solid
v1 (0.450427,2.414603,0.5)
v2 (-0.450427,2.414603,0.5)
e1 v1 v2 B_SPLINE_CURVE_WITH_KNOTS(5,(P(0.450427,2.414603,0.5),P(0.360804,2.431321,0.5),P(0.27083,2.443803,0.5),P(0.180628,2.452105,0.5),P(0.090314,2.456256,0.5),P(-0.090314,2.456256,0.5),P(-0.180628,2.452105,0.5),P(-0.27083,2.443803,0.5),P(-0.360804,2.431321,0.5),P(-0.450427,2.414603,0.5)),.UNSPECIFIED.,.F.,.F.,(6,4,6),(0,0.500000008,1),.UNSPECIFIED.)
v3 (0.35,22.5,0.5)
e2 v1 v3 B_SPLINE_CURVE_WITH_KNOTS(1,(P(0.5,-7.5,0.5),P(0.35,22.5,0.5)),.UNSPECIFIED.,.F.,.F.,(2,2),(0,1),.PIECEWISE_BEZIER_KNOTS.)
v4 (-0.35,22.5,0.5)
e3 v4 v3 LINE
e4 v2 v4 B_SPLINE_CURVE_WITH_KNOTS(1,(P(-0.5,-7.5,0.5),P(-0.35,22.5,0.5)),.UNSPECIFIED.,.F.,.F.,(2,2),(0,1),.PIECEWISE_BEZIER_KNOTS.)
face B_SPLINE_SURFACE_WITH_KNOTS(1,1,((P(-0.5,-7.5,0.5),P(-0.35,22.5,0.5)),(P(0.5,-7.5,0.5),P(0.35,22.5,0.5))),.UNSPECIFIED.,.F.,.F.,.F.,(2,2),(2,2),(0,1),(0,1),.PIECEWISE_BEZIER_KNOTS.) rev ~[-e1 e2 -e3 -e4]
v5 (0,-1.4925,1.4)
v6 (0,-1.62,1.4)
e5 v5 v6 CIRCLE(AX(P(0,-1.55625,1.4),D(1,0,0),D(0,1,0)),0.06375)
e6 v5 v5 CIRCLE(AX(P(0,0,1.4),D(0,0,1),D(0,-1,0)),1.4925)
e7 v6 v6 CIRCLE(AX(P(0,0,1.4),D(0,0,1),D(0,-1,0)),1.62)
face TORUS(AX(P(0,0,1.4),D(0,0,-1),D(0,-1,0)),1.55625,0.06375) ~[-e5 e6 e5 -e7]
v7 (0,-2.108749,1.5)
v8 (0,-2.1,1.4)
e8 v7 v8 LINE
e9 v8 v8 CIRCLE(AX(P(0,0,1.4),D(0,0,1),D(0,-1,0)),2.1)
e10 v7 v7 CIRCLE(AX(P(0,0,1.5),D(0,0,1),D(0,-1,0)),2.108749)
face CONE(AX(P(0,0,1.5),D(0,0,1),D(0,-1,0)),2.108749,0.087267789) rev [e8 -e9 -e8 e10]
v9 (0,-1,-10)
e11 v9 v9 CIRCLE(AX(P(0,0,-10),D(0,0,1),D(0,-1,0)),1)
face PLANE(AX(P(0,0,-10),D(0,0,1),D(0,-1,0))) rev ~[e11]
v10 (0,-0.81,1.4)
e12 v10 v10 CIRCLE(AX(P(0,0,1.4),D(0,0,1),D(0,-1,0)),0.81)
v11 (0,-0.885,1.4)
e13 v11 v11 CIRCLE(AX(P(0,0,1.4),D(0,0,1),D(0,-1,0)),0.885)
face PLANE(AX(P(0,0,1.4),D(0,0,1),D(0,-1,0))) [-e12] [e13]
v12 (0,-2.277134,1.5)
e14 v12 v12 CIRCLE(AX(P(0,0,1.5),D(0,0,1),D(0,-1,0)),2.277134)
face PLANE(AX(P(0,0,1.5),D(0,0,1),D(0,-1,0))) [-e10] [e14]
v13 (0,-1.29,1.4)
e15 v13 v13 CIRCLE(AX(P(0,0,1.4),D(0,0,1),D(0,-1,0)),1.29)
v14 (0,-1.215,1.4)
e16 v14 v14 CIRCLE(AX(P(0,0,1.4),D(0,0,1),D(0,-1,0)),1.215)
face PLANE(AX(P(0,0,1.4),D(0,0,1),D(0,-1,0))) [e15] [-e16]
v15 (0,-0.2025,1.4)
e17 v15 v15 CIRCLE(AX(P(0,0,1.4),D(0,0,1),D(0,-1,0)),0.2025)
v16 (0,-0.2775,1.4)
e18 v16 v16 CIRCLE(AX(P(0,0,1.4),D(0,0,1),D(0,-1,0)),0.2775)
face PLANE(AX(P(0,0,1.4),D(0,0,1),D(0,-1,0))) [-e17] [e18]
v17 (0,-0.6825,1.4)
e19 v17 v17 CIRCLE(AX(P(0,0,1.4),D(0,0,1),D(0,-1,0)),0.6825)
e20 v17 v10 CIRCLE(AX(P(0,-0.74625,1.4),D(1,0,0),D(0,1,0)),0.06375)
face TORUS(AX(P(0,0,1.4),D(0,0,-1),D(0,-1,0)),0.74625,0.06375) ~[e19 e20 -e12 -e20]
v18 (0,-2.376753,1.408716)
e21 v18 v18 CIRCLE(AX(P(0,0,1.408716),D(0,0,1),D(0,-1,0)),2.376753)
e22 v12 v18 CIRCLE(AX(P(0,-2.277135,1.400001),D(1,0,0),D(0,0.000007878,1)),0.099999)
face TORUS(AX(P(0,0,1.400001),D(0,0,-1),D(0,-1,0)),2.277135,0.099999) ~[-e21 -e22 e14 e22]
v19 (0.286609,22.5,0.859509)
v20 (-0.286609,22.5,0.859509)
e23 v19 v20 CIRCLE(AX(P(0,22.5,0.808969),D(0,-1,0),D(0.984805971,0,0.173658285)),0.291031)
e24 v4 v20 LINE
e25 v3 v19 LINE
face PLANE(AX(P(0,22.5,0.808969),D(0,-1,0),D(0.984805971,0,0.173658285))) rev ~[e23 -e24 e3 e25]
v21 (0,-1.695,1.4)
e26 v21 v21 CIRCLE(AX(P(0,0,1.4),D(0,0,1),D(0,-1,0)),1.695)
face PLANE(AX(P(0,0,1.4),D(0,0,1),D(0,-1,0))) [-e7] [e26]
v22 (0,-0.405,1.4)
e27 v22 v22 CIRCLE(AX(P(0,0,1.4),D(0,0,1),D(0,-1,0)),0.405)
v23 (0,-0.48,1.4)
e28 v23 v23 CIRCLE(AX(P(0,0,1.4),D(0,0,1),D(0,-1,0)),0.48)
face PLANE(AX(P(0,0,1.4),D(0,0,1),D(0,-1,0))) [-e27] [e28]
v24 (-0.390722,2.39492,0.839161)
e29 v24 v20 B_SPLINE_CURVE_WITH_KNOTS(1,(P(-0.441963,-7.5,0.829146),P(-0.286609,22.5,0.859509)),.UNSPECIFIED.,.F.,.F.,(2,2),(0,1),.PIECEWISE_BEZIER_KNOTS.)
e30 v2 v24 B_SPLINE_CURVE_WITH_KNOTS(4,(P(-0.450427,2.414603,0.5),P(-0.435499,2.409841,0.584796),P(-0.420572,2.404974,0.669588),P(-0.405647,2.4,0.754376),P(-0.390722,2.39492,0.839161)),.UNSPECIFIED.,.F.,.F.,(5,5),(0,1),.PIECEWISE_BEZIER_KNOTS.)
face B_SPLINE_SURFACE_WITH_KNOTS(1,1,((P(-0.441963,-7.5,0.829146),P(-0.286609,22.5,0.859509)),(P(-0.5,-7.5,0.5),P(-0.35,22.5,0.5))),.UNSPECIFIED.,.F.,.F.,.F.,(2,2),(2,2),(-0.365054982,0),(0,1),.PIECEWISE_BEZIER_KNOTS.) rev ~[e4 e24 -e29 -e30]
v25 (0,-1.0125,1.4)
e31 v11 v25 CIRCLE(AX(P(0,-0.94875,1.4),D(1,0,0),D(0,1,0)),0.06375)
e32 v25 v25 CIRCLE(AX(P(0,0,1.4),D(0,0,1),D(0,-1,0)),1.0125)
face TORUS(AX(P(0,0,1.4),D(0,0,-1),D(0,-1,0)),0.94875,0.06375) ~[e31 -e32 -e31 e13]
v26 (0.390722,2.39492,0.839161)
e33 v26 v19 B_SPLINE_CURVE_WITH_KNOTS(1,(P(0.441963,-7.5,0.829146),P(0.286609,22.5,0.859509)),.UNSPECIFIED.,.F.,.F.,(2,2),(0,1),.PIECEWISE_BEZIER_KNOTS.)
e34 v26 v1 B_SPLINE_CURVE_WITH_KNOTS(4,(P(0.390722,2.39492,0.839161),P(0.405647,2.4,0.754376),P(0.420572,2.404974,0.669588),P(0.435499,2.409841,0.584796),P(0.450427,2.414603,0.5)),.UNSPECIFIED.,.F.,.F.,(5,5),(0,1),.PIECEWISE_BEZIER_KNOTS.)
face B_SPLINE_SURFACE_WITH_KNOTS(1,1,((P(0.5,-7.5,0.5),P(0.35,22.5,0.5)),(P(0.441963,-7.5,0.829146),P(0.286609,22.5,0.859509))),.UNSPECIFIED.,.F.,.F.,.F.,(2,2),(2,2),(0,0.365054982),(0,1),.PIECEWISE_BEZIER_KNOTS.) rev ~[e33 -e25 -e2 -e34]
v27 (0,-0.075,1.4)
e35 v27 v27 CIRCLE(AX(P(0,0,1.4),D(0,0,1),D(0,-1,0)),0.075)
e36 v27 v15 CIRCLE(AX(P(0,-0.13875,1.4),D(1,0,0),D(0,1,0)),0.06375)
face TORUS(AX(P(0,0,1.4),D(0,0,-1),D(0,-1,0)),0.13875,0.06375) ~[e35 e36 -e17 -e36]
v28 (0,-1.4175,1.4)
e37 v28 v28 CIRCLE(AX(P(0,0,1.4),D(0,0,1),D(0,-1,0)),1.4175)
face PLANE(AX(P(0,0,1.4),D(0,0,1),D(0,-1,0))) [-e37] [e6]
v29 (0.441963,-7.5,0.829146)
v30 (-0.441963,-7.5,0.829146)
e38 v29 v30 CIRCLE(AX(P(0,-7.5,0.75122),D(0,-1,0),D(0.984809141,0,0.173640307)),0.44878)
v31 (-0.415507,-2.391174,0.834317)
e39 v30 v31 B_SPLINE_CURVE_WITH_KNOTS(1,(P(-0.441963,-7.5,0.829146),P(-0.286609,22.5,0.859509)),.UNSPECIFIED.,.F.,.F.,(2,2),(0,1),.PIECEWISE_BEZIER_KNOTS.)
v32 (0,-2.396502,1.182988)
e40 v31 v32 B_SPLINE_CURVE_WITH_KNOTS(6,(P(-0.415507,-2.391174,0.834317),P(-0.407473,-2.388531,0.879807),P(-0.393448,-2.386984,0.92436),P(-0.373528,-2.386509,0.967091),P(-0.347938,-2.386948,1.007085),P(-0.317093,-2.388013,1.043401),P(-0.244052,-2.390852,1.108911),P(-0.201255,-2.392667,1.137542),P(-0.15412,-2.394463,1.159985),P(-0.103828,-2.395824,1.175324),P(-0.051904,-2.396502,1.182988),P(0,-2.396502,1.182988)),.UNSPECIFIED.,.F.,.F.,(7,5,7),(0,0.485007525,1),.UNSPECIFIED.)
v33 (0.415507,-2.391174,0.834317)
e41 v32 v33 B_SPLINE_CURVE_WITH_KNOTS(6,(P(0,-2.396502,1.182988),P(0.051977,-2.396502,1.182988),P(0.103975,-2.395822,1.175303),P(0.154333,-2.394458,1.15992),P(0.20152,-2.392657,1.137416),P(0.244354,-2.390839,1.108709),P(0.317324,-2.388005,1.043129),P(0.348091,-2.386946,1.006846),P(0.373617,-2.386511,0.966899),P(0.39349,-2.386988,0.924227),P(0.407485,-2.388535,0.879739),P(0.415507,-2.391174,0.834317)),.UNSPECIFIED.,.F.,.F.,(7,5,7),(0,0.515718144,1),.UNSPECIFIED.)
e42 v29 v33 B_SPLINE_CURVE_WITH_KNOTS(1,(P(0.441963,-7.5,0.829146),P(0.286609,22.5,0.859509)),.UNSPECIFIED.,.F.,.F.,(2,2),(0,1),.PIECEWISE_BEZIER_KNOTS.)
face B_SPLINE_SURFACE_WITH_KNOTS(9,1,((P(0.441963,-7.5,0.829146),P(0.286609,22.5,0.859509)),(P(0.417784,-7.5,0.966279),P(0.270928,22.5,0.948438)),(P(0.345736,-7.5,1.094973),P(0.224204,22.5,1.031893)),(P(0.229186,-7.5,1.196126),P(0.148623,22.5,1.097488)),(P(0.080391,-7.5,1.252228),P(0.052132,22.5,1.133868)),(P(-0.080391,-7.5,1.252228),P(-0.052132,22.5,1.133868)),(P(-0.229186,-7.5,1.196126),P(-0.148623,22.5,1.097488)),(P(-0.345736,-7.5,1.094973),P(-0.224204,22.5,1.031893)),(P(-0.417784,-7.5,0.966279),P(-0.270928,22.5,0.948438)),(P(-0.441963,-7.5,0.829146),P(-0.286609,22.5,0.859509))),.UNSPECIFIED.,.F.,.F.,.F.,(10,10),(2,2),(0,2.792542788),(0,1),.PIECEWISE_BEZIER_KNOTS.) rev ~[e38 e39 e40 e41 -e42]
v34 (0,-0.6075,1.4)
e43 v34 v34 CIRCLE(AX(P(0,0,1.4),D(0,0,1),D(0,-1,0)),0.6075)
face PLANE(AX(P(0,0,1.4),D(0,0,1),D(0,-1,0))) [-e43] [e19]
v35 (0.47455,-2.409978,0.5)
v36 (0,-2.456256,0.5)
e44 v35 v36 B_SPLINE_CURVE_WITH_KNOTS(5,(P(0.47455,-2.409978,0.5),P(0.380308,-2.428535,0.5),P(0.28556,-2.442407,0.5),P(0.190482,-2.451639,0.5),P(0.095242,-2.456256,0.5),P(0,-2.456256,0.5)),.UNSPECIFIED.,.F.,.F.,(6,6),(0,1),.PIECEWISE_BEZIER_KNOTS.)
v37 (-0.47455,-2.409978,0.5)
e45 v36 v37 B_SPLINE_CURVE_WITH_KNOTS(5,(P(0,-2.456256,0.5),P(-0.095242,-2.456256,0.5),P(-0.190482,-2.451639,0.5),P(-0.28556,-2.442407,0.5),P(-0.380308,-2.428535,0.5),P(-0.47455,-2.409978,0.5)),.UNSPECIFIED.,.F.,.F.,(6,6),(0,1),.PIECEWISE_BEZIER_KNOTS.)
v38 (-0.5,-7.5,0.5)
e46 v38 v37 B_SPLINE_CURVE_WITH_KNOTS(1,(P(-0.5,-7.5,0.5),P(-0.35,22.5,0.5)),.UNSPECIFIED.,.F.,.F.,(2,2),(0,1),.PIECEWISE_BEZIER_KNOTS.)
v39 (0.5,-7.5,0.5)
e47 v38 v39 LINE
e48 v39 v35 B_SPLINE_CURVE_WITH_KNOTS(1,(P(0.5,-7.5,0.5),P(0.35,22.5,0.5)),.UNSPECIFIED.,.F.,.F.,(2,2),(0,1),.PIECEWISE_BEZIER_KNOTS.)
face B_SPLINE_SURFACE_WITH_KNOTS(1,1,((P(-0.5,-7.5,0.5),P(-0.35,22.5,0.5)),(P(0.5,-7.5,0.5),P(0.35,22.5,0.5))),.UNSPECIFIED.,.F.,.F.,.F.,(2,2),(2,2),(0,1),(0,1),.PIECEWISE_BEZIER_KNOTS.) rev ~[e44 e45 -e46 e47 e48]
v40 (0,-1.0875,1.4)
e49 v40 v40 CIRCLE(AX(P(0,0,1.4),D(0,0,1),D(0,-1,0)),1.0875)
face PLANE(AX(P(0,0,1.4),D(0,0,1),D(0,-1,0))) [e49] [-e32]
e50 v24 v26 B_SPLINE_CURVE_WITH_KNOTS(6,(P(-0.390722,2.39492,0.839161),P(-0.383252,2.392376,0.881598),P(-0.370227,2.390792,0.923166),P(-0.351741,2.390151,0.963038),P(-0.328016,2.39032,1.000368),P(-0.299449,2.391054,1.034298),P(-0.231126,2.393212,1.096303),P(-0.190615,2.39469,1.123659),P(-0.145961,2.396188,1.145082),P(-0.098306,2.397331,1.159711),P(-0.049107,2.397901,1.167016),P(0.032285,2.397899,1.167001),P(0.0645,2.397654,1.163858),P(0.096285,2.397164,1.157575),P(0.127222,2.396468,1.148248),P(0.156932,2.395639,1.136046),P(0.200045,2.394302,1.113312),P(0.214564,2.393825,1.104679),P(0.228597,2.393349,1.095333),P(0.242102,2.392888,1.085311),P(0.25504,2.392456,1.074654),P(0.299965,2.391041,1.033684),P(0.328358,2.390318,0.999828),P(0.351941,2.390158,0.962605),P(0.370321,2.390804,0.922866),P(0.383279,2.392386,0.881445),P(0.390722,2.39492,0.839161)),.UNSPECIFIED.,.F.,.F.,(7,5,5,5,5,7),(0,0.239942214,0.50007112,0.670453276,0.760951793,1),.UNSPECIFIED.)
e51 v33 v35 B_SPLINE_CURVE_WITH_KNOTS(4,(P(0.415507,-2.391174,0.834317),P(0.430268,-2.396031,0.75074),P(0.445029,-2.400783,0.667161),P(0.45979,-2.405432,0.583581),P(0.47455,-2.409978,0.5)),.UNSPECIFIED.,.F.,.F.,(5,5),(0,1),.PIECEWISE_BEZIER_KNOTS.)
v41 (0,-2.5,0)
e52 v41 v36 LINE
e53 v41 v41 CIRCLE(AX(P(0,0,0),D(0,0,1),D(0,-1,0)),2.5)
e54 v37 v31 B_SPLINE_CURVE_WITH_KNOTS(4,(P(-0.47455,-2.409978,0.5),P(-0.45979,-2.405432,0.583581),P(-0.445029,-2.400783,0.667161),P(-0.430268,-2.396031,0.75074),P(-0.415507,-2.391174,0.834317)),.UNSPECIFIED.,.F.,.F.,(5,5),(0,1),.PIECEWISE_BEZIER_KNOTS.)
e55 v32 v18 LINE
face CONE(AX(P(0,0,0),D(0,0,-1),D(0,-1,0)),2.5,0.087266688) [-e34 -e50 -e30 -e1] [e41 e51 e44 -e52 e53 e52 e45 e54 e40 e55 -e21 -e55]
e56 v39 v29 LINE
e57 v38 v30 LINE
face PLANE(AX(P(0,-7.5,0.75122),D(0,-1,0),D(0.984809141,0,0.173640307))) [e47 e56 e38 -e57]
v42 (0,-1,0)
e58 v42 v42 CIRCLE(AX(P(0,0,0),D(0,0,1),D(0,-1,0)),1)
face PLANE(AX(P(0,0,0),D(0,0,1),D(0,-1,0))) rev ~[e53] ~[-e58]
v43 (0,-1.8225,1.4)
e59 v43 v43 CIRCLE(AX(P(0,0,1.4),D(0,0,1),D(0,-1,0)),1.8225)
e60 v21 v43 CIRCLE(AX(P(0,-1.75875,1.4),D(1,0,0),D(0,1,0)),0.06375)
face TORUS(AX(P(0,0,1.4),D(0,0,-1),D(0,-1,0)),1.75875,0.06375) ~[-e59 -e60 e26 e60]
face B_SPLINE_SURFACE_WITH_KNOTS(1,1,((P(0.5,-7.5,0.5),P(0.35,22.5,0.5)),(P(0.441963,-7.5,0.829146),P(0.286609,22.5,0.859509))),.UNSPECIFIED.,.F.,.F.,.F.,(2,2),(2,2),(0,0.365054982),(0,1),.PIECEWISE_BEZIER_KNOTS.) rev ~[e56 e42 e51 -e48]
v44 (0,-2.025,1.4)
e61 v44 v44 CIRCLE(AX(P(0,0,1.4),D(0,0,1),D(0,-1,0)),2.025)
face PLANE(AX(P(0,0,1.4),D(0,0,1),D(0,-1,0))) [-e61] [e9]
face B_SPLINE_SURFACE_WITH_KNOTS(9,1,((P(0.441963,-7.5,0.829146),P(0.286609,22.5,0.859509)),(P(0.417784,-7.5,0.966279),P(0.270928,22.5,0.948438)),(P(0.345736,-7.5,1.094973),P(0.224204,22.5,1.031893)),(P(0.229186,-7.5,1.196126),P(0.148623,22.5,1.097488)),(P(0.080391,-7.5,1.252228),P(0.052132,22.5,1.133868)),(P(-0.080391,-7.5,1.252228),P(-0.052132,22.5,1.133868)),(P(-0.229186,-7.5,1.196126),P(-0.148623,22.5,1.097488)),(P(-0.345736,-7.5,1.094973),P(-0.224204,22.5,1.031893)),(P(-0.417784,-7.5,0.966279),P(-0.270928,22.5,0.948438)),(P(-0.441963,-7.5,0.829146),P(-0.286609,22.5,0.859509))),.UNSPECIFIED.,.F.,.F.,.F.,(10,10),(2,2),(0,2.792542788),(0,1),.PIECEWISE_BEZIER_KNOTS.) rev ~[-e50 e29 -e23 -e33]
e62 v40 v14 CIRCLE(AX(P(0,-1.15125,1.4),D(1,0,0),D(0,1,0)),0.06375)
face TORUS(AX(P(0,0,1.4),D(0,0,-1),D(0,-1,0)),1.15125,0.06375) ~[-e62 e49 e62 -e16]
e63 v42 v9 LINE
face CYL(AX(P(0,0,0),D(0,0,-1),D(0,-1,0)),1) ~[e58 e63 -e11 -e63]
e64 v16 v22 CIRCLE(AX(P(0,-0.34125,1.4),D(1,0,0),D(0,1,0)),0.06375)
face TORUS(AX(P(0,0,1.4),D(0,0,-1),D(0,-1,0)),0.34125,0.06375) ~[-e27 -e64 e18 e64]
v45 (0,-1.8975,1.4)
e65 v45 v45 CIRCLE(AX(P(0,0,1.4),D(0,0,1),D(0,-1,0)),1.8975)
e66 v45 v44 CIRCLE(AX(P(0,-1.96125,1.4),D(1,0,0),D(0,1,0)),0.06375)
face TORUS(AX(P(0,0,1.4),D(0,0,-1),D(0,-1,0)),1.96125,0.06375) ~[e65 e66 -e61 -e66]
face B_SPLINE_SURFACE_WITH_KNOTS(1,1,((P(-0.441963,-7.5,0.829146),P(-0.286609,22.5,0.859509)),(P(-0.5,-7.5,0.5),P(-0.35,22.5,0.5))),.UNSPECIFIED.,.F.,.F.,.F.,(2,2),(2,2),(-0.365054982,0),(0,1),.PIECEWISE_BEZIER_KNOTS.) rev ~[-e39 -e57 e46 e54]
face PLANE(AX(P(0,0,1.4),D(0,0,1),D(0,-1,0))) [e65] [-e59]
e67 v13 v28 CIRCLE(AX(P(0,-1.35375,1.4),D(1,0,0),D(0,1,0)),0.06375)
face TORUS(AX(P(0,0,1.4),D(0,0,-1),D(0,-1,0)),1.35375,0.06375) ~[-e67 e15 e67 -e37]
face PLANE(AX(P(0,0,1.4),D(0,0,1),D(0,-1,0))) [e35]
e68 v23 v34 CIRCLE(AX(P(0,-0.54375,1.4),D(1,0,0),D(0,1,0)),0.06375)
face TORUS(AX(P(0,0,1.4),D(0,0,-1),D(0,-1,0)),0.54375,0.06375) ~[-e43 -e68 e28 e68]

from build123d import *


with BuildPart() as hand:
    # Sketch → AdditiveLoft section 0
    with BuildSketch(Plane.XZ):
        with BuildLine():
            Line((-0.5, 0), (0.5, 0))
            Line((0.5, 0), (0.441963, 0.329146))
            ThreePointArc((0.441963, 0.329146), (0, 0.7), (-0.441963, 0.329146))
            Line((-0.5, 0), (-0.441963, 0.329146))
        make_face()
    # Sketch001 → AdditiveLoft section 1
    with BuildSketch(Plane.XZ.offset(-30)):
        with BuildLine():
            Line((-0.35, 0), (0.35, 0))
            Line((0.35, 0), (0.286609, 0.359509))
            ThreePointArc((0.286609, 0.359509), (0, 0.6), (-0.286609, 0.359509))
            Line((-0.35, 0), (-0.286609, 0.359509))
        make_face()
    loft()


with BuildPart() as hand_1:
    # Body001 placement: moved
    add(hand.part.moved(Location((0, -7.5, 0.5))))


with BuildPart() as fusion:
    # Sketch002 → Revolution (revolve)
    with BuildSketch(Plane.YZ):
        with BuildLine():
            Line((-2.5, 0), (-2.376753, 1.408716))
            ThreePointArc((-2.277134, 1.5), (-2.344693, 1.473728), (-2.376753, 1.408716))
            Line((-2.277134, 1.5), (-2.108749, 1.5))
            Line((-2.108749, 1.5), (-2.1, 1.4))
            Line((-2.1, 1.4), (-2.025, 1.4))
            ThreePointArc((-1.8975, 1.4), (-1.96125, 1.46375), (-2.025, 1.4))
            Line((-1.8975, 1.4), (-1.8225, 1.4))
            ThreePointArc((-1.695, 1.4), (-1.75875, 1.46375), (-1.8225, 1.4))
            Line((-1.695, 1.4), (-1.62, 1.4))
            ThreePointArc((-1.4925, 1.4), (-1.55625, 1.46375), (-1.62, 1.4))
            Line((-1.4925, 1.4), (-1.4175, 1.4))
            ThreePointArc((-1.29, 1.4), (-1.35375, 1.46375), (-1.4175, 1.4))
            Line((-1.29, 1.4), (-1.215, 1.4))
            ThreePointArc((-1.0875, 1.4), (-1.15125, 1.46375), (-1.215, 1.4))
            Line((-1.0875, 1.4), (-1.0125, 1.4))
            ThreePointArc((-0.885, 1.4), (-0.94875, 1.46375), (-1.0125, 1.4))
            Line((-0.885, 1.4), (-0.81, 1.4))
            ThreePointArc((-0.6825, 1.4), (-0.74625, 1.46375), (-0.81, 1.4))
            Line((-0.6825, 1.4), (-0.6075, 1.4))
            ThreePointArc((-0.48, 1.4), (-0.54375, 1.46375), (-0.6075, 1.4))
            Line((-0.48, 1.4), (-0.405, 1.4))
            ThreePointArc((-0.2775, 1.4), (-0.34125, 1.46375), (-0.405, 1.4))
            Line((-0.2775, 1.4), (-0.2025, 1.4))
            ThreePointArc((-0.075, 1.4), (-0.13875, 1.46375), (-0.2025, 1.4))
            Line((-0.075, 1.4), (0, 1.4))
            Line((0, -10), (0, 1.4))
            Line((-1, -10), (0, -10))
            Line((-1, 0), (-1, -10))
            Line((-2.5, 0), (-1, 0))
        make_face()
    revolve(axis=Axis((0, 0, 0), (0, 0, 1)))

    # Fusion: union hand
    add(hand_1.part)


solid = fusion.part
